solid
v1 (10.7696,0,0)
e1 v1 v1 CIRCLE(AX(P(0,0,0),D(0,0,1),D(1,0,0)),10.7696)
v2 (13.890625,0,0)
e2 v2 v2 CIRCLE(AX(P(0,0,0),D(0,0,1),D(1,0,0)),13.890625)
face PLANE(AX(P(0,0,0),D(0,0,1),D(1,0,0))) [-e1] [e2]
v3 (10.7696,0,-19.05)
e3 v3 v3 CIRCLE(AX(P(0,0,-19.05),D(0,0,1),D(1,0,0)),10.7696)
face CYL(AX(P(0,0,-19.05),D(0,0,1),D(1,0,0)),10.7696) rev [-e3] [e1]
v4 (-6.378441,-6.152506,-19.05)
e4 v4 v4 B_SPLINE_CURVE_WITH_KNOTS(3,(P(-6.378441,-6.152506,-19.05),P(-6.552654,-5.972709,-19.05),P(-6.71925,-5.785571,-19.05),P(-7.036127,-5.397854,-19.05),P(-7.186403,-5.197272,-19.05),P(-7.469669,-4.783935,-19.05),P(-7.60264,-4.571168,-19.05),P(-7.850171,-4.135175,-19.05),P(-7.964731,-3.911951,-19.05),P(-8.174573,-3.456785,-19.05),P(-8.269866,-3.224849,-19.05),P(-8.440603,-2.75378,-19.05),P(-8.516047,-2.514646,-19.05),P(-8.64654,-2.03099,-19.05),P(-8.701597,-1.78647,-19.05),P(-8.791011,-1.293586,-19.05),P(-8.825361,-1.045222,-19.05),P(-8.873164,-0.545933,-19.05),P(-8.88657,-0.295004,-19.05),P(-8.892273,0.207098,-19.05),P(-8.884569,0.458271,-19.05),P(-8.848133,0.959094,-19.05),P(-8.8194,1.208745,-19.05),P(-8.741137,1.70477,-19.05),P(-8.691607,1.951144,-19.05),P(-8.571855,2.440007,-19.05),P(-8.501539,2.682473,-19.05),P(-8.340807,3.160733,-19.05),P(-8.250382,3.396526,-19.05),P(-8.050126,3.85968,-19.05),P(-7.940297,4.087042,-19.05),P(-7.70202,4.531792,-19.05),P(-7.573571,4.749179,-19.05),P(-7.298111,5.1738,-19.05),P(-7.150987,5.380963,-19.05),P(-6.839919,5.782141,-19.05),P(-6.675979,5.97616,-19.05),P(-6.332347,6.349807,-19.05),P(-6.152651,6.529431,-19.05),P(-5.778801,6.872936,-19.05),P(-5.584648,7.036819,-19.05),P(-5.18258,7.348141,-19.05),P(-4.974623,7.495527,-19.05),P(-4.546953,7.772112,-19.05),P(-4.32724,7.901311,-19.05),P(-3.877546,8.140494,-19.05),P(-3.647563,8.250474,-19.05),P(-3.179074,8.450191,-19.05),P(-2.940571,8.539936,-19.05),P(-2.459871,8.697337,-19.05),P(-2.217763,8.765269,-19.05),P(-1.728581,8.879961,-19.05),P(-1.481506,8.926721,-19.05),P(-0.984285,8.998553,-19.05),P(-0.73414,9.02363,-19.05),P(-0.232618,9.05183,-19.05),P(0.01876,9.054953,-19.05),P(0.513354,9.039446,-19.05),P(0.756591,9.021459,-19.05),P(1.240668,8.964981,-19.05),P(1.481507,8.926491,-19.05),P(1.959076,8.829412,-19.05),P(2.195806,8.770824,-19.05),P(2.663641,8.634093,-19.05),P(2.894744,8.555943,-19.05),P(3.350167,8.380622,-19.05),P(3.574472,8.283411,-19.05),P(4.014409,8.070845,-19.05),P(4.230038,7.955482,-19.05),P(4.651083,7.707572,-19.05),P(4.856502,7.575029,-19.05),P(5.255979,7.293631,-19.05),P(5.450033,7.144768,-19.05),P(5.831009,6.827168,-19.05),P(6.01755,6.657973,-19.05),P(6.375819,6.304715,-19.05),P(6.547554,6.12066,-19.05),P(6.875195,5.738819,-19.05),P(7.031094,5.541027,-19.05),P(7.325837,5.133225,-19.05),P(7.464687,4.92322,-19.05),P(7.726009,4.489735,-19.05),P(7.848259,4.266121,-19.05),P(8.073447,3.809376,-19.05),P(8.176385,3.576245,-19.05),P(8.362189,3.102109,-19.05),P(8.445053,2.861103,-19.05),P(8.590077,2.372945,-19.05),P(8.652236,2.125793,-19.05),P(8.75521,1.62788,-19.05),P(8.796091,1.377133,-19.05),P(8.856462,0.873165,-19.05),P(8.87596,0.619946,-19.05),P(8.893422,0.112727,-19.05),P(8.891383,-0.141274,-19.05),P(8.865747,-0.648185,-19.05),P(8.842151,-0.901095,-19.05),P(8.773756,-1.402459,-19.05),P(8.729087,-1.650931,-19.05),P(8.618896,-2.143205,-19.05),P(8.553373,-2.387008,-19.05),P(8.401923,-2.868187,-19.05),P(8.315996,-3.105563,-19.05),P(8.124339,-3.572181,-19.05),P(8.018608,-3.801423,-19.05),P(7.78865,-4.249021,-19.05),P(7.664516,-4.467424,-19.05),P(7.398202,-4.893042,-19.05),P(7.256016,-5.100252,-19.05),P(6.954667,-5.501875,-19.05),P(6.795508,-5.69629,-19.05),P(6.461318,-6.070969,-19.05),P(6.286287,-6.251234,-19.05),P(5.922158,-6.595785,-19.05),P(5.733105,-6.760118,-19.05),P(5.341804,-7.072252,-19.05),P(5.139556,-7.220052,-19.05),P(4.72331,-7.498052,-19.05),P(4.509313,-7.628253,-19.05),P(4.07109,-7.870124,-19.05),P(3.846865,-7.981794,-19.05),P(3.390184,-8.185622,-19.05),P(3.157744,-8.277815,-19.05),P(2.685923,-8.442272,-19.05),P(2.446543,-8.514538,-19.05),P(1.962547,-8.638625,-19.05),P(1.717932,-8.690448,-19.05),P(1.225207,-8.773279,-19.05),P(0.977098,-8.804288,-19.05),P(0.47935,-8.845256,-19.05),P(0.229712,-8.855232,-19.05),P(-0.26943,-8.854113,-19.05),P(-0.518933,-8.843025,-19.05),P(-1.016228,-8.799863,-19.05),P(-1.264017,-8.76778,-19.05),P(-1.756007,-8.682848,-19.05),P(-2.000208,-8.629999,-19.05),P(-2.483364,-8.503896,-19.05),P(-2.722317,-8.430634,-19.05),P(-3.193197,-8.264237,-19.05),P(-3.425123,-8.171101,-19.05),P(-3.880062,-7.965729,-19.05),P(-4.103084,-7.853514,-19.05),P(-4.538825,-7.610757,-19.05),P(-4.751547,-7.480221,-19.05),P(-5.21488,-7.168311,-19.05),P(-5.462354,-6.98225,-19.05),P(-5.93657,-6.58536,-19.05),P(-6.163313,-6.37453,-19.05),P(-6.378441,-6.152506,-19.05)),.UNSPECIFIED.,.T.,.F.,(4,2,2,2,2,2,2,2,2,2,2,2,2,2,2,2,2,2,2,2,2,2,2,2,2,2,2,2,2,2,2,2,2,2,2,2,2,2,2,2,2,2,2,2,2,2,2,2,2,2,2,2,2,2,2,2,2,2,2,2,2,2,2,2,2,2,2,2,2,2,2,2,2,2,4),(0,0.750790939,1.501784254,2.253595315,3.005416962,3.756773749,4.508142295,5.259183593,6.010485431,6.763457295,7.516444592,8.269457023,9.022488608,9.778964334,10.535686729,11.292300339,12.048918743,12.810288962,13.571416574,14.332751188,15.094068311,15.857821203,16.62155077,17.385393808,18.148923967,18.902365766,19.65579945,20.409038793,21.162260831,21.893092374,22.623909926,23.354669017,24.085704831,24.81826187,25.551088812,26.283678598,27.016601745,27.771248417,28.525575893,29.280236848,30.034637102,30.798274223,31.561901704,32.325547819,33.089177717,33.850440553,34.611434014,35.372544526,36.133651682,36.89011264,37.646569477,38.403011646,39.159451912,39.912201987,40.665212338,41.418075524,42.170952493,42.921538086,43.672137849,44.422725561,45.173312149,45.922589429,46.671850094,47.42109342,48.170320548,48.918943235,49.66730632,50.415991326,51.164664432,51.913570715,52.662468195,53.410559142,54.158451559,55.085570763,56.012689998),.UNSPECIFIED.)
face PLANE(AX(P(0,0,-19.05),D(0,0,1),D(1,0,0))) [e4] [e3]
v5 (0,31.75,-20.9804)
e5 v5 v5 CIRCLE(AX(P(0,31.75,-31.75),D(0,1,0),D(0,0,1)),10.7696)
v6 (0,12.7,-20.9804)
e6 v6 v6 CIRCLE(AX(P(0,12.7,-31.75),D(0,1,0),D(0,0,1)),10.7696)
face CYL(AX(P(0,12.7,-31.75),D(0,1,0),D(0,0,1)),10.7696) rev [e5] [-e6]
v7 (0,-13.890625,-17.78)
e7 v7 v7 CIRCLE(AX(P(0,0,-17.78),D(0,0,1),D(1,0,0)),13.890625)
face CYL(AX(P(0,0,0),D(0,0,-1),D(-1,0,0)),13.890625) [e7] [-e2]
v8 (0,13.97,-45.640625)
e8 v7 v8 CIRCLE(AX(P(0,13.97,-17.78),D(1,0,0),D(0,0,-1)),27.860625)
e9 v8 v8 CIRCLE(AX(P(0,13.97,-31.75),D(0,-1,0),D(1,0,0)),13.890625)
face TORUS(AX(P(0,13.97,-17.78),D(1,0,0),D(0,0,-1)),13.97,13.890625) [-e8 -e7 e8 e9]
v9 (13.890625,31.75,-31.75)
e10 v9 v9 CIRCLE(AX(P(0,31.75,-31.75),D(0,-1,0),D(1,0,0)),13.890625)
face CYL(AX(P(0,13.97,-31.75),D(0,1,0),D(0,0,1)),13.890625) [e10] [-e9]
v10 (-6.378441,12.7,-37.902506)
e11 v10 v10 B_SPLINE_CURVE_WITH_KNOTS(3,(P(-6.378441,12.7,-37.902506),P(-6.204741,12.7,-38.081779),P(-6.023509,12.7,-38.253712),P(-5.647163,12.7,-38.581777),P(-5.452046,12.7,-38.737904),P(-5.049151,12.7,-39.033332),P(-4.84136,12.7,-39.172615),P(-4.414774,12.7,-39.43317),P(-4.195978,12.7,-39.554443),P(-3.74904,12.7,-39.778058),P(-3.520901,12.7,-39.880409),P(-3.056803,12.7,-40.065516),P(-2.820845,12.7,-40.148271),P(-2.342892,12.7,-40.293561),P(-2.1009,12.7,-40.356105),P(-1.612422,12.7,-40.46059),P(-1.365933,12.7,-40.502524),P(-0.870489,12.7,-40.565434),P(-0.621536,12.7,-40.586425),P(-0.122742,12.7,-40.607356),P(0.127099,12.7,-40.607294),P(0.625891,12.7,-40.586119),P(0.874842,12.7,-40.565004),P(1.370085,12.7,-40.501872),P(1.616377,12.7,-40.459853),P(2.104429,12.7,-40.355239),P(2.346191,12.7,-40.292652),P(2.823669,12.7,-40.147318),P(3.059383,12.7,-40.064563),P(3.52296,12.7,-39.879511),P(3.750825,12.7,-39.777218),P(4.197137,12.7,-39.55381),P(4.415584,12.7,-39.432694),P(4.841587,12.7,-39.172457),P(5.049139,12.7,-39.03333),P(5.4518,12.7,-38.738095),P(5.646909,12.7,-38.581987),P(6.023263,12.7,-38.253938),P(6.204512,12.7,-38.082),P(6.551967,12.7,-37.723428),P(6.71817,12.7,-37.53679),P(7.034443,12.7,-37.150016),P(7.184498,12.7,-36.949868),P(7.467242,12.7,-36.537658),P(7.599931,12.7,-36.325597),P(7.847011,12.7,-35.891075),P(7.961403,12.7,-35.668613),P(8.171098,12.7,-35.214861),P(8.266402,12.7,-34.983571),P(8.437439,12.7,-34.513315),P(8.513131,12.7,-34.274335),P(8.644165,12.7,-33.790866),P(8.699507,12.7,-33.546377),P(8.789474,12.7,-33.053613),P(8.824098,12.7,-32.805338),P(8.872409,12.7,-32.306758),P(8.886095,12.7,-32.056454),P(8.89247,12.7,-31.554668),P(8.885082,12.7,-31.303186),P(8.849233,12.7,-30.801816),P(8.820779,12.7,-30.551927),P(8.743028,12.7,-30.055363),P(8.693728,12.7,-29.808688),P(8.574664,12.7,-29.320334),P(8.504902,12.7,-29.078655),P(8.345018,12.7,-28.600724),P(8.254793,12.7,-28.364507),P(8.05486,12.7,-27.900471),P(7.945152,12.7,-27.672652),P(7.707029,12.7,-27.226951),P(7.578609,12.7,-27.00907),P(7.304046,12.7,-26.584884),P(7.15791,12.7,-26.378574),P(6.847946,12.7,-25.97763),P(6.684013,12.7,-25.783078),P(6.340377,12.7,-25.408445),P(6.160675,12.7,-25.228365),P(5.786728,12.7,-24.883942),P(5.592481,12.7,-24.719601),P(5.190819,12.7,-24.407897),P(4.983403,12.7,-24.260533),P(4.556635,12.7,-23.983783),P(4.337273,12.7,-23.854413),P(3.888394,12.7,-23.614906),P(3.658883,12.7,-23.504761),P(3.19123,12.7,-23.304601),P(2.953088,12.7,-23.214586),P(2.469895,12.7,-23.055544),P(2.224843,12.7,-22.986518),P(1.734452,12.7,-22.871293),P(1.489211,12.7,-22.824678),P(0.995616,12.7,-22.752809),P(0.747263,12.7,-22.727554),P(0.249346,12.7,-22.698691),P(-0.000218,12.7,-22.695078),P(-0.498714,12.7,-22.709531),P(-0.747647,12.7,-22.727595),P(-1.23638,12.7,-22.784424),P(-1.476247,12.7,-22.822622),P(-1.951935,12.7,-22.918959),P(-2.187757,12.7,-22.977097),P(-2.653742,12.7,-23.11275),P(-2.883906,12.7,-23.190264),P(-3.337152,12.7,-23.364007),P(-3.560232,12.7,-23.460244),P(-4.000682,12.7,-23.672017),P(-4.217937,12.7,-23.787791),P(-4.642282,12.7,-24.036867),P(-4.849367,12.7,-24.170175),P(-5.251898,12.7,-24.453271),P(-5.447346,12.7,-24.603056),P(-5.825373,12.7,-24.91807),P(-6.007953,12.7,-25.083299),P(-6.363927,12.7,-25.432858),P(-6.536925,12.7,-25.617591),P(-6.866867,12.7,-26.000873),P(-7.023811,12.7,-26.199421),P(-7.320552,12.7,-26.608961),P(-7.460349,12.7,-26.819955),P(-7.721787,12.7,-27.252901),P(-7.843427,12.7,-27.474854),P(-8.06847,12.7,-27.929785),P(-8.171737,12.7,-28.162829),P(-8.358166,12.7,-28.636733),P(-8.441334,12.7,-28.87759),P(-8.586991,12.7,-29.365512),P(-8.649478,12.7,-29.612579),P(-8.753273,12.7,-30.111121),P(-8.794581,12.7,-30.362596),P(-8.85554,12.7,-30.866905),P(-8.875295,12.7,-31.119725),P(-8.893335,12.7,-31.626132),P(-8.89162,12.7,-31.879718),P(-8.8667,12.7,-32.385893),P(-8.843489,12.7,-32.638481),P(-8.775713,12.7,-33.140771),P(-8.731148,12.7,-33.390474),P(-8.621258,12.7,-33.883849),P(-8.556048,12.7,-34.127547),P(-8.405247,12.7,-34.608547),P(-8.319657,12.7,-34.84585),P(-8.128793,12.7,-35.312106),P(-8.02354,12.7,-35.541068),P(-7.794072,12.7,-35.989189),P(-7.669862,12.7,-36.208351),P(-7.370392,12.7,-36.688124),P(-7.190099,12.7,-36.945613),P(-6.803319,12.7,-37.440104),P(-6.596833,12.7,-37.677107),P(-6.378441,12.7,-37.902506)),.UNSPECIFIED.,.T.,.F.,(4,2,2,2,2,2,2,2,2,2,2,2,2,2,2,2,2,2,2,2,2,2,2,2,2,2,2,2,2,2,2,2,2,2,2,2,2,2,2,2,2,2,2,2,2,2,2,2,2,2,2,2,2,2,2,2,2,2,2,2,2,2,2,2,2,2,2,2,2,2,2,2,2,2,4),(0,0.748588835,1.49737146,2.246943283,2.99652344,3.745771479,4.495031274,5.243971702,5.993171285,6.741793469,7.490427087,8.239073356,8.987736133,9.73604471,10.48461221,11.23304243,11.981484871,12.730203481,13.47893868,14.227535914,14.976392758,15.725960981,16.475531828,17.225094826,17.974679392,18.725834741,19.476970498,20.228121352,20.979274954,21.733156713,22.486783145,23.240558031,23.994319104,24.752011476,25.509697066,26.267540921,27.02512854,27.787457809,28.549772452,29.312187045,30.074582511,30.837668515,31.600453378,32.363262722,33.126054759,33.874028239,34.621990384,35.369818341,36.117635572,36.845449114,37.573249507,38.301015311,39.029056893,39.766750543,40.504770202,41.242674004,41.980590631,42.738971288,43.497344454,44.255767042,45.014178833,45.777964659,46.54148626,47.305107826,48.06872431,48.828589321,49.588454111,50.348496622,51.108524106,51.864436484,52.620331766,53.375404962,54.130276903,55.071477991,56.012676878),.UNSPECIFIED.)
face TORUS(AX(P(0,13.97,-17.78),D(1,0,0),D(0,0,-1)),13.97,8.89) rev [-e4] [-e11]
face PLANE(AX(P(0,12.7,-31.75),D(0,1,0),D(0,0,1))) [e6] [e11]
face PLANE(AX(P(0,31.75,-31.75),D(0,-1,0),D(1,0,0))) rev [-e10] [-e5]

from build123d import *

# Parameters (mm, degrees)
SKETCH1_R          = 13.890625
SKETCH1_R_2        = 8.89
SKETCH3_R          = 10.7696
CUT_EXTRUDE1_DEPTH = 19.05
SKETCH4_R          = 10.7696
CUT_EXTRUDE2_DEPTH = 19.05


with BuildPart() as part:
    # Sweep1: sweep along a path in Sketch2
    with BuildLine(Plane(origin=(0, 0, 0), x_dir=(0, 0, -1), z_dir=(1, 0, 0))) as sweep1_path:
        Line((0, 0), (17.78, 0))
        ThreePointArc((17.78, 0), (27.658281733, 4.091718267), (31.75, 13.97))
        Line((31.75, 13.97), (31.75, 31.75))
    # Sketch1 → Sweep1 (sweep)
    with BuildSketch(Plane.XY):
        Circle(SKETCH1_R)
        Circle(SKETCH1_R_2, mode=Mode.SUBTRACT)
    sweep(path=sweep1_path.line)

    # Sketch3 → Cut-Extrude1 (cut)
    with BuildSketch(Plane.XY):
        Circle(SKETCH3_R)
    extrude(amount=-CUT_EXTRUDE1_DEPTH, mode=Mode.SUBTRACT)

    # Sketch4 → Cut-Extrude2 (cut)
    with BuildSketch(Plane(origin=(0, 31.75, 0), x_dir=(1, 0, 0), z_dir=(0, 1, 0))):
        with Locations((0, 31.75)):
            Circle(SKETCH4_R)
    extrude(amount=-CUT_EXTRUDE2_DEPTH, mode=Mode.SUBTRACT)


solid = part.part
